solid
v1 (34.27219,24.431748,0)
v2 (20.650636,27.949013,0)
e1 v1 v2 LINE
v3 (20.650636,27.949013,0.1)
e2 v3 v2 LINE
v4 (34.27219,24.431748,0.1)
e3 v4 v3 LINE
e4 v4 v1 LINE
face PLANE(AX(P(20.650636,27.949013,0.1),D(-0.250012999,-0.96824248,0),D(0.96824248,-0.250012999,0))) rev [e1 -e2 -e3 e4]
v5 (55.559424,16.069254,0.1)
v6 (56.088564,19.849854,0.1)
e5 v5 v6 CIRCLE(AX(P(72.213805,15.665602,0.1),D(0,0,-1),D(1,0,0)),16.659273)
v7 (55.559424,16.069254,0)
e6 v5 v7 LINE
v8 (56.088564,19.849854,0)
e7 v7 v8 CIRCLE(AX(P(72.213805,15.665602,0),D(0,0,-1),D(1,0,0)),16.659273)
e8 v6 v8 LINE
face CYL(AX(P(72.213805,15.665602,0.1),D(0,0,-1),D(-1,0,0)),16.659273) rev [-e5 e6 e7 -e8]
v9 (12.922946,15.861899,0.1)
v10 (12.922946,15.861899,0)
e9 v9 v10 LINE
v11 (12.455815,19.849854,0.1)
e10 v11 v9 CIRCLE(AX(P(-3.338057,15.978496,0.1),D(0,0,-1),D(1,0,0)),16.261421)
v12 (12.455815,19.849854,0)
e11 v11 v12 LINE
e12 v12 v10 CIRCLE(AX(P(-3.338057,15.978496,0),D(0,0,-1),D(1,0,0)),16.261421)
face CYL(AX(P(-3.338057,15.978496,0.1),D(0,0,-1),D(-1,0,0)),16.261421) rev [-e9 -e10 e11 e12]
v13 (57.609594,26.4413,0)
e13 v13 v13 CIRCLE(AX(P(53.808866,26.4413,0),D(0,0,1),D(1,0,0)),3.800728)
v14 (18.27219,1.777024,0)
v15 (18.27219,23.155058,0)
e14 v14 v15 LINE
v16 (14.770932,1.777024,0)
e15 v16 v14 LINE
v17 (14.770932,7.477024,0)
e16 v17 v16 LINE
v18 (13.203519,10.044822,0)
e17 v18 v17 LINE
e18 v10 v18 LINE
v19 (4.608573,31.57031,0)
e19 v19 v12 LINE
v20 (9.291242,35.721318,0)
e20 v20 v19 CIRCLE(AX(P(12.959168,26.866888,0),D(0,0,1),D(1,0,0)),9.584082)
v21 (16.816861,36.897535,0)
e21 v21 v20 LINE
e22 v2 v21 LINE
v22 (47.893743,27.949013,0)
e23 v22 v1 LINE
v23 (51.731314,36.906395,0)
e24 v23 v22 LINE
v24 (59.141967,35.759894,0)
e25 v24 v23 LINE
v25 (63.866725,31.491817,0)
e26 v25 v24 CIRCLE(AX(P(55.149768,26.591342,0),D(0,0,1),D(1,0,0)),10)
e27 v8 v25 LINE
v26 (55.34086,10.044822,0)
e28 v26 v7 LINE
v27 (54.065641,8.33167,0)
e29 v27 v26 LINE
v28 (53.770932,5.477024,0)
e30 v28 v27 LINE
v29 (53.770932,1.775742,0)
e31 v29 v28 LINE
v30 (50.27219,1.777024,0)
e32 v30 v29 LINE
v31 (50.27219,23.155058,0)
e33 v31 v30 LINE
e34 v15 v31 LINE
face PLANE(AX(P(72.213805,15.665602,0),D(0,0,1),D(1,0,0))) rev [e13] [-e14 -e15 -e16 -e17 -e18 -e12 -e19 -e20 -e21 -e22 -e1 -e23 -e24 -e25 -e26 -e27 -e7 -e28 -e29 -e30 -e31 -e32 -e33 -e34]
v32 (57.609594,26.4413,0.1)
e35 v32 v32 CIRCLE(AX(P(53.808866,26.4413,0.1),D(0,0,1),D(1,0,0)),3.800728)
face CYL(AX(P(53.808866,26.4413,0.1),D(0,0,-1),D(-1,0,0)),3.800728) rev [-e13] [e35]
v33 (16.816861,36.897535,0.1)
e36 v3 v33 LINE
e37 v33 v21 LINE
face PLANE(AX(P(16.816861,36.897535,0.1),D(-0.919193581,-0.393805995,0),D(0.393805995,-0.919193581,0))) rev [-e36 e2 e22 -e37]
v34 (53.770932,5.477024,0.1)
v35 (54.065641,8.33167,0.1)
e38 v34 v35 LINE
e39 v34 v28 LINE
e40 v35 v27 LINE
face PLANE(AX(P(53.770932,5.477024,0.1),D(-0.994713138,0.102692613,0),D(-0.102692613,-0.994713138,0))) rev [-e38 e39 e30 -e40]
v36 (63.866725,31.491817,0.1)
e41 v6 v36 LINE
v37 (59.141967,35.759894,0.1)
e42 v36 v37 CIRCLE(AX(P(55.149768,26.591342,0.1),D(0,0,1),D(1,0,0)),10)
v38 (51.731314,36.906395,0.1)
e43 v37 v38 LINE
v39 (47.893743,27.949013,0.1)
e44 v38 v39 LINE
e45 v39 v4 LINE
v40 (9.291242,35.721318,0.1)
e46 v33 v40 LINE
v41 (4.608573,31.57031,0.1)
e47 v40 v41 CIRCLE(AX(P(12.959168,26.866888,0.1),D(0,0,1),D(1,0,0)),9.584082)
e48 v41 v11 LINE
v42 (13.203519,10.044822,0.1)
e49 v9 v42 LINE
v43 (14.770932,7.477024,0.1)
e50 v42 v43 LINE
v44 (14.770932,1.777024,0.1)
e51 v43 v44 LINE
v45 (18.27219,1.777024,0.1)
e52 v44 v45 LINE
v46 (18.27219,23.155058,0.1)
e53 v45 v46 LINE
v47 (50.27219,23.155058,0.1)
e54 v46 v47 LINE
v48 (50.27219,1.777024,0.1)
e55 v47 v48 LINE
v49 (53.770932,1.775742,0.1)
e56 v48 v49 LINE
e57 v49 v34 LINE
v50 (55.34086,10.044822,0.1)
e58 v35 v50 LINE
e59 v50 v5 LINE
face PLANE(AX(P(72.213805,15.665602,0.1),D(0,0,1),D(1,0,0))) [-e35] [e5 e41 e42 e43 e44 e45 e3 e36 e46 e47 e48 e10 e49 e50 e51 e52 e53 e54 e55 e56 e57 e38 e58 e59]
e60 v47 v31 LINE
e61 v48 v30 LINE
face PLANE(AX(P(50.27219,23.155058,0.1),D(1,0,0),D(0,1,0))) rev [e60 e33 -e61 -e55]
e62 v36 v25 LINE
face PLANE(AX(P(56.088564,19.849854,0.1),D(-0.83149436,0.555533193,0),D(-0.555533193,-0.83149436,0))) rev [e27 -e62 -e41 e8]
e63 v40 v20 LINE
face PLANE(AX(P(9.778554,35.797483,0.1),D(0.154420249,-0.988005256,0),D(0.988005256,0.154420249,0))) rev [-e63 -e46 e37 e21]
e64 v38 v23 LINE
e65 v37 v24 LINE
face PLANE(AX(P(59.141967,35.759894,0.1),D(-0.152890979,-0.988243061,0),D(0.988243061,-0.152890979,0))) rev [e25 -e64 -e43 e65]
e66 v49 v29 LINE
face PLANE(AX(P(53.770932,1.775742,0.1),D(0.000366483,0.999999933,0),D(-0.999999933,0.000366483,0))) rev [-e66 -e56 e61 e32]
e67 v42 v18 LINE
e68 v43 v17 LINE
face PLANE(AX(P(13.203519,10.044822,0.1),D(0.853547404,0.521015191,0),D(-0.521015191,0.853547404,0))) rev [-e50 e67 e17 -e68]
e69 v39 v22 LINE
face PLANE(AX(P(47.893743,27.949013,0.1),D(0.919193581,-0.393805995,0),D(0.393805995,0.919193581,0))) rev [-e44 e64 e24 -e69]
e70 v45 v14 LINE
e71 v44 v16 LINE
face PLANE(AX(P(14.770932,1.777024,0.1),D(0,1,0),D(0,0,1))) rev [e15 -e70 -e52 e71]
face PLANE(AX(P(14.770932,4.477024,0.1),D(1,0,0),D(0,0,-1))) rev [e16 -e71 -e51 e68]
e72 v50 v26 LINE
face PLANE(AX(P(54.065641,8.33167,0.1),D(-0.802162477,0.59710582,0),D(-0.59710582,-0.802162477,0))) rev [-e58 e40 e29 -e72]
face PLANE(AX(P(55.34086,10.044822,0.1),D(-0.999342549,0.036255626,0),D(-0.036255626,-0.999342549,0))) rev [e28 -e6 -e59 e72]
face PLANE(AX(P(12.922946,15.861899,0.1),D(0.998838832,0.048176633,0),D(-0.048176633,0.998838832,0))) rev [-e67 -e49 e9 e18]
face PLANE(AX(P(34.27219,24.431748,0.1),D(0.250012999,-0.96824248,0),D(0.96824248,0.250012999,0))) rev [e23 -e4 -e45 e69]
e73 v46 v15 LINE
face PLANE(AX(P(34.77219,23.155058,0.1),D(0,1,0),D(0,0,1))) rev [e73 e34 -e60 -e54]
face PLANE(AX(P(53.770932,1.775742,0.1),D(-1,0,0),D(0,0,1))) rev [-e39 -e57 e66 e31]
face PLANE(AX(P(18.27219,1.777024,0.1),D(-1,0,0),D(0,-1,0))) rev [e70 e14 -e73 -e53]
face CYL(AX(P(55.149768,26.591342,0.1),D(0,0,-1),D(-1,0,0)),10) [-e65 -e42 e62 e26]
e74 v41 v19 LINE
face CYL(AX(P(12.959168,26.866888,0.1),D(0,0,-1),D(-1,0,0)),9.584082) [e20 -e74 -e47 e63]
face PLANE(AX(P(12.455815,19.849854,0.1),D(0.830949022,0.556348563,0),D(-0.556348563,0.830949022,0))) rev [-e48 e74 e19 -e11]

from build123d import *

# Parameters (mm, degrees)
MODEL_R                 = 3.800728286
SALIENTE_EXTRUIR1_DEPTH = 0.1


with BuildPart() as part:
    # Model → Saliente-Extruir1 (new body)
    with BuildSketch(Plane.XY):
        with BuildLine():
            Line((13.692923281, 36.409278797), (9.778554106, 35.797482596))
            Line((9.778554106, 35.797482596), (9.291241734, 35.721318124))
            ThreePointArc((9.291241734, 35.721318124), (6.601579479, 34.038755415), (4.608572881, 31.570309544))
            Line((4.608572881, 31.570309544), (12.45581545, 19.849854112))
            ThreePointArc((12.45581545, 19.849854112), (12.812940227, 17.870349583), (12.922946265, 15.861898697))
            Line((12.922946265, 15.861898697), (13.203519251, 10.044821535))
            Line((13.203519251, 10.044821535), (14.770932303, 7.477024351))
            Line((14.770932303, 7.477024351), (14.770932303, 4.477024351))
            Line((14.770932303, 4.477024351), (14.770932303, 1.777024351))
            Line((14.770932303, 1.777024351), (18.272189759, 1.777024351))
            Line((18.272189759, 1.777024351), (18.272189759, 23.155058368))
            Line((18.272189759, 23.155058368), (33.772189759, 23.155058368))
            Line((33.772189759, 23.155058368), (34.772189759, 23.155058368))
            Line((34.772189759, 23.155058368), (50.272189759, 23.155058368))
            Line((50.272189759, 23.155058368), (50.272189759, 1.777024351))
            Line((50.272189759, 1.777024351), (53.770932303, 1.775742122))
            Line((53.770932303, 1.775742122), (53.770932303, 5.477024351))
            Line((53.770932303, 5.477024351), (54.065641416, 8.331670065))
            Line((54.065641416, 8.331670065), (55.340860267, 10.044821535))
            Line((55.340860267, 10.044821535), (55.55942352, 16.069253716))
            ThreePointArc((55.55942352, 16.069253716), (55.715346099, 17.974760468), (56.088564069, 19.849854112))
            Line((56.088564069, 19.849854112), (63.866724949, 31.491817154))
            ThreePointArc((63.866724949, 31.491817154), (61.853109226, 34.011935883), (59.141967464, 35.759893842))
            Line((59.141967464, 35.759893842), (51.731314314, 36.906395207))
            Line((51.731314314, 36.906395207), (47.893743211, 27.949013218))
            Line((47.893743211, 27.949013218), (34.272189759, 24.431748181))
            Line((34.272189759, 24.431748181), (20.650636308, 27.949013218))
            Line((20.650636308, 27.949013218), (16.81686132, 36.89753459))
            Line((16.81686132, 36.89753459), (13.692923281, 36.409278797))
        make_face()
        with Locations((53.808865901, 26.441300342)):
            Circle(MODEL_R, mode=Mode.SUBTRACT)
    extrude(amount=SALIENTE_EXTRUIR1_DEPTH)


solid = part.part
